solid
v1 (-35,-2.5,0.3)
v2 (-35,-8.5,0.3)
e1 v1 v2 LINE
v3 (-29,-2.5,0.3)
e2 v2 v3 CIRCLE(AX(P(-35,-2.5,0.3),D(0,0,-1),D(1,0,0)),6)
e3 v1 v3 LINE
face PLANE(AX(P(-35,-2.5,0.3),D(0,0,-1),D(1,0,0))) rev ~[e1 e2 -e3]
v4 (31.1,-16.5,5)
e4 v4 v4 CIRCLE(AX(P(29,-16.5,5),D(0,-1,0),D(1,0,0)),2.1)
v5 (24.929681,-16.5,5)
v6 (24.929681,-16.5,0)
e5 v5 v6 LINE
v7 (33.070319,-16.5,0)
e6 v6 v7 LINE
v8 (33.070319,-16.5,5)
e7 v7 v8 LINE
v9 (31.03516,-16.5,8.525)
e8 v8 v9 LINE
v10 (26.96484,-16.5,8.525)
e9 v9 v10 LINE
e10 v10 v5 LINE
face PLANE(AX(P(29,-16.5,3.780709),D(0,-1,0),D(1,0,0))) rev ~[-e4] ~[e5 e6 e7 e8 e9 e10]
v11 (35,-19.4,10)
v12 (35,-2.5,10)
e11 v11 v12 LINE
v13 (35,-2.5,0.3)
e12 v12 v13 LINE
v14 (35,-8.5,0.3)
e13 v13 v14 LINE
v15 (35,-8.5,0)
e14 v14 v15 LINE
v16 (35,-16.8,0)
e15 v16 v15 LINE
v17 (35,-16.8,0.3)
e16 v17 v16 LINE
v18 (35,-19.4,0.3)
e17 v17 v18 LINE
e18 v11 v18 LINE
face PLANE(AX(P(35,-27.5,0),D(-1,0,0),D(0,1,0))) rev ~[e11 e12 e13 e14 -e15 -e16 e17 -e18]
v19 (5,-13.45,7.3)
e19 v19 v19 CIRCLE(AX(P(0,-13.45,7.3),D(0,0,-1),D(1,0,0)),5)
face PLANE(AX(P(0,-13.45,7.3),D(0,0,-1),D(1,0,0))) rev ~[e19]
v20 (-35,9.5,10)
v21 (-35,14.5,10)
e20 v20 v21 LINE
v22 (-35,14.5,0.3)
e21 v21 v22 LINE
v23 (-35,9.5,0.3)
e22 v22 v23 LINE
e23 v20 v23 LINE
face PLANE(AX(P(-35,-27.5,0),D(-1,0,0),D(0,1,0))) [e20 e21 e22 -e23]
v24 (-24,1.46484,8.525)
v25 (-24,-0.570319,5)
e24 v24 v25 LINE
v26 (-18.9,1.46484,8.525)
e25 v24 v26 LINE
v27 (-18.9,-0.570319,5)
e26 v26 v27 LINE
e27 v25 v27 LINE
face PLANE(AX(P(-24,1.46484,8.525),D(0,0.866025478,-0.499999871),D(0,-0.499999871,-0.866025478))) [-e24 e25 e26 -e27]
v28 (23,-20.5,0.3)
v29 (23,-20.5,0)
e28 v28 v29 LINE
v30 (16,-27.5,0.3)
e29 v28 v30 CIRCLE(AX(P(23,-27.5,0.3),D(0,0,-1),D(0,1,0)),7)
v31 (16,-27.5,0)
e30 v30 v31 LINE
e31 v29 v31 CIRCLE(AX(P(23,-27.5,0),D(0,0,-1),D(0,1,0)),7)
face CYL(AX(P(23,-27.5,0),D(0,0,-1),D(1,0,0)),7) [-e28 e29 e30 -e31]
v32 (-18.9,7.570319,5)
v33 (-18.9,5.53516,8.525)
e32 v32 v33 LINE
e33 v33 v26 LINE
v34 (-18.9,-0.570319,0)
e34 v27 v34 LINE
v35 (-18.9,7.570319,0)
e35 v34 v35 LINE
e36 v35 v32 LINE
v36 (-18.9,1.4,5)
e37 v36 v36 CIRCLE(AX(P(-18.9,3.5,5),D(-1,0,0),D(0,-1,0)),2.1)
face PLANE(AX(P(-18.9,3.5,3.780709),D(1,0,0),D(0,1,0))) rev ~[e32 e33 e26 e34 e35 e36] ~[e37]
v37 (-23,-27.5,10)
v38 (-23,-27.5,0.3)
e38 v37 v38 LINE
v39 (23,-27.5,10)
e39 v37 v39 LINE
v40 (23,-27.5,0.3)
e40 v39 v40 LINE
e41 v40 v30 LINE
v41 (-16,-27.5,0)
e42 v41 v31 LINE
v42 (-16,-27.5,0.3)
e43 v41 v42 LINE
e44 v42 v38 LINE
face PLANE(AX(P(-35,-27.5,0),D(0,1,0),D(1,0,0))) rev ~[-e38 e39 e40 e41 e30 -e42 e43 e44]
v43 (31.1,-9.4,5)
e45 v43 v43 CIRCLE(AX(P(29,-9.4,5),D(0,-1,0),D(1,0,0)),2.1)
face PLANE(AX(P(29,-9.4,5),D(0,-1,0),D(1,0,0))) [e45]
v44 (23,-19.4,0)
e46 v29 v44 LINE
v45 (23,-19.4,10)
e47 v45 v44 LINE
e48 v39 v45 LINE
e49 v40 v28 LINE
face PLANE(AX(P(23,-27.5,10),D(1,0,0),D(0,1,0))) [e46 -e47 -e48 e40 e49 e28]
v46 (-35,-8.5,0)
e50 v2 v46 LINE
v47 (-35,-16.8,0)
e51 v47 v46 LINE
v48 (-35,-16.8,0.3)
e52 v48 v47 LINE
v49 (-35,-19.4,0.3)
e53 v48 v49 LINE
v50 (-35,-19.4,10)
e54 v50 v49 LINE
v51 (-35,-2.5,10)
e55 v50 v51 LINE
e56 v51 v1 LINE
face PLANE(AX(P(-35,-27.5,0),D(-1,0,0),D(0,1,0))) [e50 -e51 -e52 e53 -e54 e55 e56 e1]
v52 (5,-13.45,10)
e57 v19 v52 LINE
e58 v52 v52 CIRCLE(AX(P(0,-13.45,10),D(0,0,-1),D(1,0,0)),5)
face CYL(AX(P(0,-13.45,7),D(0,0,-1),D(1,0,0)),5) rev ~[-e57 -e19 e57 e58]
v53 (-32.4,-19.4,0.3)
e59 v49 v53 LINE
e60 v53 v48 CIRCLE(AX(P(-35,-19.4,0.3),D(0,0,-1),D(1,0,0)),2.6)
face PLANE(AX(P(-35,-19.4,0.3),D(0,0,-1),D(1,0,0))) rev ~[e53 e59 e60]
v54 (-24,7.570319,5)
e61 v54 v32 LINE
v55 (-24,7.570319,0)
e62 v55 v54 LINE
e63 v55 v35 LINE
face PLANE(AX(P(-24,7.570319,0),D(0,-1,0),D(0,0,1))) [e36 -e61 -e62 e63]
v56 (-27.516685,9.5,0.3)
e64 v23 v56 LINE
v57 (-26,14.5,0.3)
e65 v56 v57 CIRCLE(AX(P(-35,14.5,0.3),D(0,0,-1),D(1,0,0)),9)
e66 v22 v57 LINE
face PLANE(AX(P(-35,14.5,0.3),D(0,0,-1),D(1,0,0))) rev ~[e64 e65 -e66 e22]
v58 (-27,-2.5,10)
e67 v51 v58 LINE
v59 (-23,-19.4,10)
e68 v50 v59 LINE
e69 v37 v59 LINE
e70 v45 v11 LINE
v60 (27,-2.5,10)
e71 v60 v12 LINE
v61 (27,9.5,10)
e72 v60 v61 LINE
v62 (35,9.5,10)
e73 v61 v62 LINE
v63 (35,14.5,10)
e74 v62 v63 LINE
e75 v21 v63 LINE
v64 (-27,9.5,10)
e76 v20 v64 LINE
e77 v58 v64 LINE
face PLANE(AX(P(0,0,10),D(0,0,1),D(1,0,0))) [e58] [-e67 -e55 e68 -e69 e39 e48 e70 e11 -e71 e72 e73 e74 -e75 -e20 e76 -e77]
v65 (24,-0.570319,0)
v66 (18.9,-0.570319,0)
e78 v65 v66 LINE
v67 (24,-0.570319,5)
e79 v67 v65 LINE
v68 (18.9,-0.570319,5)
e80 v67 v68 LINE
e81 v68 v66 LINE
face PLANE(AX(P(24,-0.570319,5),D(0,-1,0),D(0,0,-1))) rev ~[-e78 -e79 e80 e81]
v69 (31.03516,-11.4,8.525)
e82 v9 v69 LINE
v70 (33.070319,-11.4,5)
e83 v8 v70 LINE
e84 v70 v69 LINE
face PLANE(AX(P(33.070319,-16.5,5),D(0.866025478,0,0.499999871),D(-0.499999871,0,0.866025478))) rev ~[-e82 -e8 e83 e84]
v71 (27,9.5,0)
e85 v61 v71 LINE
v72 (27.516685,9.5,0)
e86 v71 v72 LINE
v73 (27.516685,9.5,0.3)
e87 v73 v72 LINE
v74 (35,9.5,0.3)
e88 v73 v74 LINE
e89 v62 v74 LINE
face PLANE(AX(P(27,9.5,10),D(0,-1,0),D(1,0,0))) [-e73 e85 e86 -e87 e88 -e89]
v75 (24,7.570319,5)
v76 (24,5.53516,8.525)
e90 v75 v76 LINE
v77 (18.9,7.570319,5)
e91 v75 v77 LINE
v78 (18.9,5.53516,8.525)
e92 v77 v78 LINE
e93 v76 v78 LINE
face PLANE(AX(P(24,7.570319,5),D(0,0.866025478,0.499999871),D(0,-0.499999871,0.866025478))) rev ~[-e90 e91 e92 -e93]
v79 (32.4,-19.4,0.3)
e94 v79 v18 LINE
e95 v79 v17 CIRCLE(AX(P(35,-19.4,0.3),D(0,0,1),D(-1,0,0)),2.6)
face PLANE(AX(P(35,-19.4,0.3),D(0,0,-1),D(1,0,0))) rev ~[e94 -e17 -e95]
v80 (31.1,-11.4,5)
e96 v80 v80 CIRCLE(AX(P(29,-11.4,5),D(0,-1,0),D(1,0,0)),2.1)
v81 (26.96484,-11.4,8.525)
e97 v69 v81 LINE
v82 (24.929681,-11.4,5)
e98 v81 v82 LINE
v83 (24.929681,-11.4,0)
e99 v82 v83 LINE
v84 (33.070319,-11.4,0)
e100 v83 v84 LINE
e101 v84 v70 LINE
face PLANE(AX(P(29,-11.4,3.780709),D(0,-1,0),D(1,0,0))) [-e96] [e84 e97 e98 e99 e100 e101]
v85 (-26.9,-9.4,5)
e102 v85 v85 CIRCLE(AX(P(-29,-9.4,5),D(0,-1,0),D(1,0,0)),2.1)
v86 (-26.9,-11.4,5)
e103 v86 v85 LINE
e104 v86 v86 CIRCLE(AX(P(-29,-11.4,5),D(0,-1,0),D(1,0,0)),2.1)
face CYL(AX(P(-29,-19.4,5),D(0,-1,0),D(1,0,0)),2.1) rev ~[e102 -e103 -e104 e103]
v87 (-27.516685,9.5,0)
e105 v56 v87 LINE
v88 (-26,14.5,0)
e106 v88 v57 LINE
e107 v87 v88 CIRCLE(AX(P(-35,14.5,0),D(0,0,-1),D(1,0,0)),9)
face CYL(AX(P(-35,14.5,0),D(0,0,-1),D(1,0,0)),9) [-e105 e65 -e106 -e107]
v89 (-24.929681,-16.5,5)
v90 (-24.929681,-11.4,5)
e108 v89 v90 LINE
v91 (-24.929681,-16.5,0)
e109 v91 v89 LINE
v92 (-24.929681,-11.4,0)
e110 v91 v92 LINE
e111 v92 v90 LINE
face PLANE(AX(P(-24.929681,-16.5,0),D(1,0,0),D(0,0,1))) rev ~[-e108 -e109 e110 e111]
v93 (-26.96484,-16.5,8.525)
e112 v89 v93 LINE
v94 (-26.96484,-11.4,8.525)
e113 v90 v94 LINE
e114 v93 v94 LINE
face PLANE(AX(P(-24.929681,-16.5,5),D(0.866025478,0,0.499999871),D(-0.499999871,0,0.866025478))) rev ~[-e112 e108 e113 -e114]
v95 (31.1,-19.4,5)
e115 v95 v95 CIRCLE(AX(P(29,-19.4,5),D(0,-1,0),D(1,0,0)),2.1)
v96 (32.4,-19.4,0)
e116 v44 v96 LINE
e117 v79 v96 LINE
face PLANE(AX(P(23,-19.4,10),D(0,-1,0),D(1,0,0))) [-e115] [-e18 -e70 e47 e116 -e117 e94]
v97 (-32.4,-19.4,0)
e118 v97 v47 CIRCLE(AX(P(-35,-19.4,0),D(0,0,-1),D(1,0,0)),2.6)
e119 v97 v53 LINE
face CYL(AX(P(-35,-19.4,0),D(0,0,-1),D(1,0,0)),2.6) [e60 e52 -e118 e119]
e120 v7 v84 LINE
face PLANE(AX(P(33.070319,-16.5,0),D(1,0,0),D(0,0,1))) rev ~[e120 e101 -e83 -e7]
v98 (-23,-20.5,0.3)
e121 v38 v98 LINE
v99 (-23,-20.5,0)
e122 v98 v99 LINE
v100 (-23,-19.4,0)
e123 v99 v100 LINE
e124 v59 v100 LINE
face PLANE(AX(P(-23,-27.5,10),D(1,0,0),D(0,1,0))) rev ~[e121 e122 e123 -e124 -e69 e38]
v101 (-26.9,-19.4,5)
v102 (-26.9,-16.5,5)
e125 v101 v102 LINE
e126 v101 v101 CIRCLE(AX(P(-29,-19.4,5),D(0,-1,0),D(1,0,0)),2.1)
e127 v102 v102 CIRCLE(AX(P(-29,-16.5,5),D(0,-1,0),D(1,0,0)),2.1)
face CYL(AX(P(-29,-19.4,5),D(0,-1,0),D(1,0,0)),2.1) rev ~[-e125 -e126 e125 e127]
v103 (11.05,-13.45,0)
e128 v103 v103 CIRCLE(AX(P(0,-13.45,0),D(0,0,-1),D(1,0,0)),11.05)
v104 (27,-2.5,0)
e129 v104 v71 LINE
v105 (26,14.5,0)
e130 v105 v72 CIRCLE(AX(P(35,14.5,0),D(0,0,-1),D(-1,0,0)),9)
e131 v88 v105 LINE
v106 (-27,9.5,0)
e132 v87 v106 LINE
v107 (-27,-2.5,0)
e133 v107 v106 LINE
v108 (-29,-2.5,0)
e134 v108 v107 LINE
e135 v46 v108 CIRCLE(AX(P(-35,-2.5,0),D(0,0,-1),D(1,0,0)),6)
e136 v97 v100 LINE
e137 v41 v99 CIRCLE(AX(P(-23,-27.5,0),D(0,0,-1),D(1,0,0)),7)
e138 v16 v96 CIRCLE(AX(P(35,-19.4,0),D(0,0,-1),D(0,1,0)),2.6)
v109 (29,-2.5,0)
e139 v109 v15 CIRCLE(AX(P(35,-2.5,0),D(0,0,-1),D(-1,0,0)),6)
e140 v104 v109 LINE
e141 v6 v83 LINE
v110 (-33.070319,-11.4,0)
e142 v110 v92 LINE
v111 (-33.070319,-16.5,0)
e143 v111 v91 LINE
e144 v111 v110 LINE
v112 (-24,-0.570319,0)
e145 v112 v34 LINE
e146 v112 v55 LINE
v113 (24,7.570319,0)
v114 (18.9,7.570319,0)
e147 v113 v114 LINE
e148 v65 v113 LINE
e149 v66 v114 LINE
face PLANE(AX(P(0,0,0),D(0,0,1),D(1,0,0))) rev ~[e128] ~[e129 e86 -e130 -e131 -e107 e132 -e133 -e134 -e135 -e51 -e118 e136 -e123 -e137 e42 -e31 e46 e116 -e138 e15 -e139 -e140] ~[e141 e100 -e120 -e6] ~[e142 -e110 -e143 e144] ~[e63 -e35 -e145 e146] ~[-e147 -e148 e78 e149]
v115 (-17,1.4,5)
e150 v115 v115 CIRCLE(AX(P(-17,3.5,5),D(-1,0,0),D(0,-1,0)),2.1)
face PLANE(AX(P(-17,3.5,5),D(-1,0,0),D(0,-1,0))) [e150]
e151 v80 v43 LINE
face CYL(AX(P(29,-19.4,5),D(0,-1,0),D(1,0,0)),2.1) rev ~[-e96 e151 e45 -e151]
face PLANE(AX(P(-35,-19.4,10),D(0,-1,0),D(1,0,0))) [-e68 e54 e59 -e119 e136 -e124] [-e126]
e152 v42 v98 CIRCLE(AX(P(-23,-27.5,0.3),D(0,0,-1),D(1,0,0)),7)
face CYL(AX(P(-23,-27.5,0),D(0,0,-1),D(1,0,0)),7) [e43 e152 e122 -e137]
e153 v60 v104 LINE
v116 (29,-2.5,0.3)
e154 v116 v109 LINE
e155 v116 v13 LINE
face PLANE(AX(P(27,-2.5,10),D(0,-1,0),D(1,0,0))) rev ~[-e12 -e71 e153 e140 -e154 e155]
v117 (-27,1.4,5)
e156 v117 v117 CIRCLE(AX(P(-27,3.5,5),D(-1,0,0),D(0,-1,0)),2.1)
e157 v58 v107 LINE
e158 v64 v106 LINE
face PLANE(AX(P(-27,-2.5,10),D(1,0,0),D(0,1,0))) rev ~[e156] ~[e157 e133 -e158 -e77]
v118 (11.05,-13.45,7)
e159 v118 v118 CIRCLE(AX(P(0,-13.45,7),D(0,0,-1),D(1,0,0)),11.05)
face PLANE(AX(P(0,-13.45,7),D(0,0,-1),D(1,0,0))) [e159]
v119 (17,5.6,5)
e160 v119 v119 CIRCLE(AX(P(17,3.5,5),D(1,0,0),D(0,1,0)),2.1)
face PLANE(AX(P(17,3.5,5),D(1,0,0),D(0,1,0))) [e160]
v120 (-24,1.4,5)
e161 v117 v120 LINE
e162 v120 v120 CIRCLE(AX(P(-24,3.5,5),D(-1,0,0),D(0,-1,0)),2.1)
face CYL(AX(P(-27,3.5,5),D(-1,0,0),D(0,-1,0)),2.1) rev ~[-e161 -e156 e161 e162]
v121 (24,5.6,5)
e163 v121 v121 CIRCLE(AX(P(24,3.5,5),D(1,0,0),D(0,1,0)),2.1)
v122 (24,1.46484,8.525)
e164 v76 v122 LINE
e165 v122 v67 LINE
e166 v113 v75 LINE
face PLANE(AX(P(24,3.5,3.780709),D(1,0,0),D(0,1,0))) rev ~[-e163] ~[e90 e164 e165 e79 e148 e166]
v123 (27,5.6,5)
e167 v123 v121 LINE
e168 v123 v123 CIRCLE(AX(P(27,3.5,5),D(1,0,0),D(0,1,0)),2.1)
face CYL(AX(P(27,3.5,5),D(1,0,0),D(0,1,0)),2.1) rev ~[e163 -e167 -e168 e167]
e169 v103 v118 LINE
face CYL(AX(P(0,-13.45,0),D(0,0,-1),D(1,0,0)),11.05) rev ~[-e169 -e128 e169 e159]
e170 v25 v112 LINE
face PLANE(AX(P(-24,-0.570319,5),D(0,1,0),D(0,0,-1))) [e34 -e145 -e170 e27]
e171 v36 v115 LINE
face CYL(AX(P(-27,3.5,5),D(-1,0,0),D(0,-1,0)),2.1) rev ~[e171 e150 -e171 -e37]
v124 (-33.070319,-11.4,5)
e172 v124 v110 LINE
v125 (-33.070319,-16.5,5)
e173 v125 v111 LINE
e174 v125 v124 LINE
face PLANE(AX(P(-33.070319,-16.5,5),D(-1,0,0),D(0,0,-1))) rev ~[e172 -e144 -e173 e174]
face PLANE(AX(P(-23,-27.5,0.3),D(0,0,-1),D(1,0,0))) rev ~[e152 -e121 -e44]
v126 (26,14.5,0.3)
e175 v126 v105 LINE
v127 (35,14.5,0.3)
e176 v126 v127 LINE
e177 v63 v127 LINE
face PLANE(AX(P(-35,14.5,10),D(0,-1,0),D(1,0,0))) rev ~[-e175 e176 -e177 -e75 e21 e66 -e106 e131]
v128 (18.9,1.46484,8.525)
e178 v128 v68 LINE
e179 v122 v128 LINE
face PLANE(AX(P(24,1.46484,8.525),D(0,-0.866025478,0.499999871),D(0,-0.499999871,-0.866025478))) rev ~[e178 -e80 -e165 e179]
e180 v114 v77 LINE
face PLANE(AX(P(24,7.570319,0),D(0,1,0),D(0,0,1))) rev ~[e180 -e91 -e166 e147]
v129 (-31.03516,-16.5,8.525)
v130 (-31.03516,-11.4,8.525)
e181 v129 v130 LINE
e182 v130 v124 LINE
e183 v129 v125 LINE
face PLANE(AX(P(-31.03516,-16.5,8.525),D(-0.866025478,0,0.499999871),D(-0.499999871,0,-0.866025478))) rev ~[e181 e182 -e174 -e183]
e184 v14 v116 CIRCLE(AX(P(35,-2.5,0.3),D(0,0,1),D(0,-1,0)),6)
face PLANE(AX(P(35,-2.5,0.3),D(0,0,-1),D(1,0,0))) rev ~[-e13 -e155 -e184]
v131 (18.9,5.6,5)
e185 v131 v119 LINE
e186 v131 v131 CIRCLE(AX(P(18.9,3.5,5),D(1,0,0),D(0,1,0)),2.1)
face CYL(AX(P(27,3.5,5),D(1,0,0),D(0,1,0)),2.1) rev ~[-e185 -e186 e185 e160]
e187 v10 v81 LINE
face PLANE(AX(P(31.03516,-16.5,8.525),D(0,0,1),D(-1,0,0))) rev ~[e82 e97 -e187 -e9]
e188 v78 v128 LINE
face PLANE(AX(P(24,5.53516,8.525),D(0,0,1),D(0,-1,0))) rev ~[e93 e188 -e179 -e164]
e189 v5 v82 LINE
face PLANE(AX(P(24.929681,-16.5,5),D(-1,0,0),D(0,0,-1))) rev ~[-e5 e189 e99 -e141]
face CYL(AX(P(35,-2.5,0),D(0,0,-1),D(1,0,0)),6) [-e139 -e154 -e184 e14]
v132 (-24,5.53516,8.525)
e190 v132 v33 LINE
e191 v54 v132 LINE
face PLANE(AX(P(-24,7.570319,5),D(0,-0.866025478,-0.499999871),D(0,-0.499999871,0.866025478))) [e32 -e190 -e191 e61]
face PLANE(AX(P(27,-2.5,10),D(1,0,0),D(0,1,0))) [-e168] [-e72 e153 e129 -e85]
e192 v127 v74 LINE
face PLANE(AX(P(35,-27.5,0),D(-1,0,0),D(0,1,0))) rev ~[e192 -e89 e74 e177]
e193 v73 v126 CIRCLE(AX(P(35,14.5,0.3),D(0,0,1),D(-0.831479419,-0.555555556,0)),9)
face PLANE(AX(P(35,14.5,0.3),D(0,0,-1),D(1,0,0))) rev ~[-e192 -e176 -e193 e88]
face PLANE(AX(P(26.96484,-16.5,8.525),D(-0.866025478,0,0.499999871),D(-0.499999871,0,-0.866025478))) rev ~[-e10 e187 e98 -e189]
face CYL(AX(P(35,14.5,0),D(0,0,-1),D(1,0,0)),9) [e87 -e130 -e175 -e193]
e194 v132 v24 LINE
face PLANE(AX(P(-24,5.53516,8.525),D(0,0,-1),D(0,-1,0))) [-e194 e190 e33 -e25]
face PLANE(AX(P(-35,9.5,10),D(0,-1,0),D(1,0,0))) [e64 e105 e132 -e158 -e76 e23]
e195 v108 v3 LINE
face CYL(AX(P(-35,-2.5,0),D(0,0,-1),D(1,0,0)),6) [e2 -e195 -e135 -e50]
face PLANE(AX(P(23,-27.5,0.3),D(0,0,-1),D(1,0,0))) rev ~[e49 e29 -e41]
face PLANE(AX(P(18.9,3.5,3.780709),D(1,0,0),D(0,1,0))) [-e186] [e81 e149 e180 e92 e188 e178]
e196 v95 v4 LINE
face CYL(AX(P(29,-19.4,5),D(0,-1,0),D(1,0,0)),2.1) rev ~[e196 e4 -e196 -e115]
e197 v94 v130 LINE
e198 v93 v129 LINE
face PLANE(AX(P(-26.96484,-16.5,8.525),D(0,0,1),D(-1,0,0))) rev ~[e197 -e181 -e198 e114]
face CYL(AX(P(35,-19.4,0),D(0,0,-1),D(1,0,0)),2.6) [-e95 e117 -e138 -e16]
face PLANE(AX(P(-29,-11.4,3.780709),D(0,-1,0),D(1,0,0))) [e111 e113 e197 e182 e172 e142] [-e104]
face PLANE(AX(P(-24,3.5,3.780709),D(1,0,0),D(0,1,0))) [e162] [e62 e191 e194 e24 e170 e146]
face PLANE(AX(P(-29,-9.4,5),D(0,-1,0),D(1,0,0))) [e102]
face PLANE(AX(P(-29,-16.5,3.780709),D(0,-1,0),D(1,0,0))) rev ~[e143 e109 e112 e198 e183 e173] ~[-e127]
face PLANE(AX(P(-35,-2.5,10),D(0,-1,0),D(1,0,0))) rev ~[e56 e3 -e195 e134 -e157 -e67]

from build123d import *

# Parameters (mm, degrees)
PAD002_DEPTH    = 5.1
PAD003_DEPTH    = 5.1
PAD001_DEPTH    = 5.1
SKETCH_W        = 70
SKETCH_H        = 55
PAD_DEPTH       = 10
SKETCH001_R     = 11.05
POCKET_DEPTH    = 7
SKETCH002_R     = 5
POCKET001_DEPTH = 3.001
SKETCH003_W     = 12
SKETCH003_H     = 8.1
SKETCH003_W_2   = 8
SKETCH003_H_2   = 12
POCKET002_DEPTH = 10.001
SKETCH004_R     = 2.1
POCKET003_DEPTH = 10
SKETCH005_R     = 2.1
POCKET004_DEPTH = 10
SKETCH006_R     = 2.1
POCKET005_DEPTH = 10
SKETCH010_W     = 70
SKETCH010_H     = 13
POCKET006_DEPTH = 10.001
SKETCH011_R     = 9
SKETCH011_R_2   = 6
SKETCH011_R_3   = 7
SKETCH011_R_4   = 2.6
PAD004_DEPTH    = 0.3
SKETCH012_R     = 5
PAD005_DEPTH    = 0.3


with BuildPart() as pad002:
    # Sketch008 → Pad002 (new body)
    with BuildSketch(Plane.YZ.offset(24)):
        Polygon((7.570319, 5), (5.53516, 8.525), (1.46484, 8.525), (-0.570319, 5), (-0.570319, 0), (7.570319, 0), align=None)
    extrude(amount=-PAD002_DEPTH)


with BuildPart() as pad003:
    # Sketch009 → Pad003 (new body)
    with BuildSketch(Plane.XZ.offset(16.5)):
        Polygon((-24.929681, 5), (-26.96484, 8.525), (-31.03516, 8.525), (-33.070319, 5), (-33.070319, 0), (-24.929681, 0), align=None)
        Polygon((33.070319, 5), (31.03516, 8.525), (26.96484, 8.525), (24.929681, 5), (24.929681, 0), (33.070319, 0), align=None)
    extrude(amount=-PAD003_DEPTH)


with BuildPart() as pad001:
    # Sketch007 → Pad001 (new body)
    with BuildSketch(Plane.YZ.offset(-24)):
        Polygon((7.570319, 5), (5.53516, 8.525), (1.46484, 8.525), (-0.570319, 5), (-0.570319, 0), (7.570319, 0), align=None)
    extrude(amount=PAD001_DEPTH)


with BuildPart() as halterung_fr_sspindel_bot_druck:
    # Sketch → Pad (new body)
    with BuildSketch(Plane.XY):
        Rectangle(SKETCH_W, SKETCH_H)
    extrude(amount=PAD_DEPTH)

    # Sketch001 → Pocket (cut)
    with BuildSketch(Plane(origin=(0, 0, 0), x_dir=(1, 0, 0), z_dir=(0, 0, -1))):
        with Locations((0, 13.45)):
            Circle(SKETCH001_R)
    extrude(amount=-POCKET_DEPTH, mode=Mode.SUBTRACT)

    # Sketch002 → Pocket001 (cut, through all)
    with BuildSketch(Plane(origin=(0, 0, 7), x_dir=(1, 0, 0), z_dir=(0, 0, -1))):
        with Locations((0, 13.45)):
            Circle(SKETCH002_R)
    extrude(amount=-POCKET001_DEPTH, mode=Mode.SUBTRACT)

    # Sketch003 → Pocket002 (cut, through all)
    with BuildSketch(Plane.XY.offset(10)):
        with Locations((-29, -23.45)):
            Rectangle(SKETCH003_W, SKETCH003_H)
        with Locations((29, -23.45)):
            Rectangle(SKETCH003_W, SKETCH003_H)
        with Locations((-31, 3.5)):
            Rectangle(SKETCH003_W_2, SKETCH003_H_2)
        with Locations((31, 3.5)):
            Rectangle(SKETCH003_W_2, SKETCH003_H_2)
    extrude(amount=-POCKET002_DEPTH, mode=Mode.SUBTRACT)

    # Sketch004 → Pocket003 (cut)
    with BuildSketch(Plane(origin=(-27, 0, 0), x_dir=(0, -1, 0), z_dir=(-1, 0, 0))):
        with Locations((-3.5, 5)):
            Circle(SKETCH004_R)
    extrude(amount=-POCKET003_DEPTH, mode=Mode.SUBTRACT)

    # Sketch005 → Pocket004 (cut)
    with BuildSketch(Plane.YZ.offset(27)):
        with Locations((3.5, 5)):
            Circle(SKETCH005_R)
    extrude(amount=-POCKET004_DEPTH, mode=Mode.SUBTRACT)

    # Sketch006 → Pocket005 (cut)
    with BuildSketch(Plane.XZ.offset(19.4)):
        with Locations((-29, 5)):
            Circle(SKETCH006_R)
        with Locations((29, 5)):
            Circle(SKETCH006_R)
    extrude(amount=-POCKET005_DEPTH, mode=Mode.SUBTRACT)

    # Cut: cut Pad001
    add(pad001.part, mode=Mode.SUBTRACT)

    # Cut001: cut Pad003
    add(pad003.part, mode=Mode.SUBTRACT)

    # Cut002: cut Pad002
    add(pad002.part, mode=Mode.SUBTRACT)

    # Sketch010 → Pocket006 (cut, through all)
    with BuildSketch(Plane.XY.offset(10)):
        with Locations((0, 21)):
            Rectangle(SKETCH010_W, SKETCH010_H)
    extrude(amount=-POCKET006_DEPTH, mode=Mode.SUBTRACT)

    # Sketch011 → Pad004 (new body)
    with BuildSketch(Plane(origin=(0, 0, 0), x_dir=(1, 0, 0), z_dir=(0, 0, -1))):
        with Locations((-35, -14.5)):
            Circle(SKETCH011_R)
        with Locations((-35, 2.5)):
            Circle(SKETCH011_R_2)
        with Locations((-23, 27.5)):
            Circle(SKETCH011_R_3)
        with Locations((-35, 19.4)):
            Circle(SKETCH011_R_4)
        with Locations((35, 19.4)):
            Circle(SKETCH011_R_4)
        with Locations((23, 27.5)):
            Circle(SKETCH011_R_3)
        with Locations((35, 2.5)):
            Circle(SKETCH011_R_2)
        with Locations((35, -14.5)):
            Circle(SKETCH011_R)
    extrude(amount=-PAD004_DEPTH)

    # Sketch012 → Pad005 (new body)
    with BuildSketch(Plane(origin=(0, 0, 7), x_dir=(1, 0, 0), z_dir=(0, 0, -1))):
        with Locations((0, 13.45)):
            Circle(SKETCH012_R)
    extrude(amount=-PAD005_DEPTH)


solid = halterung_fr_sspindel_bot_druck.part
